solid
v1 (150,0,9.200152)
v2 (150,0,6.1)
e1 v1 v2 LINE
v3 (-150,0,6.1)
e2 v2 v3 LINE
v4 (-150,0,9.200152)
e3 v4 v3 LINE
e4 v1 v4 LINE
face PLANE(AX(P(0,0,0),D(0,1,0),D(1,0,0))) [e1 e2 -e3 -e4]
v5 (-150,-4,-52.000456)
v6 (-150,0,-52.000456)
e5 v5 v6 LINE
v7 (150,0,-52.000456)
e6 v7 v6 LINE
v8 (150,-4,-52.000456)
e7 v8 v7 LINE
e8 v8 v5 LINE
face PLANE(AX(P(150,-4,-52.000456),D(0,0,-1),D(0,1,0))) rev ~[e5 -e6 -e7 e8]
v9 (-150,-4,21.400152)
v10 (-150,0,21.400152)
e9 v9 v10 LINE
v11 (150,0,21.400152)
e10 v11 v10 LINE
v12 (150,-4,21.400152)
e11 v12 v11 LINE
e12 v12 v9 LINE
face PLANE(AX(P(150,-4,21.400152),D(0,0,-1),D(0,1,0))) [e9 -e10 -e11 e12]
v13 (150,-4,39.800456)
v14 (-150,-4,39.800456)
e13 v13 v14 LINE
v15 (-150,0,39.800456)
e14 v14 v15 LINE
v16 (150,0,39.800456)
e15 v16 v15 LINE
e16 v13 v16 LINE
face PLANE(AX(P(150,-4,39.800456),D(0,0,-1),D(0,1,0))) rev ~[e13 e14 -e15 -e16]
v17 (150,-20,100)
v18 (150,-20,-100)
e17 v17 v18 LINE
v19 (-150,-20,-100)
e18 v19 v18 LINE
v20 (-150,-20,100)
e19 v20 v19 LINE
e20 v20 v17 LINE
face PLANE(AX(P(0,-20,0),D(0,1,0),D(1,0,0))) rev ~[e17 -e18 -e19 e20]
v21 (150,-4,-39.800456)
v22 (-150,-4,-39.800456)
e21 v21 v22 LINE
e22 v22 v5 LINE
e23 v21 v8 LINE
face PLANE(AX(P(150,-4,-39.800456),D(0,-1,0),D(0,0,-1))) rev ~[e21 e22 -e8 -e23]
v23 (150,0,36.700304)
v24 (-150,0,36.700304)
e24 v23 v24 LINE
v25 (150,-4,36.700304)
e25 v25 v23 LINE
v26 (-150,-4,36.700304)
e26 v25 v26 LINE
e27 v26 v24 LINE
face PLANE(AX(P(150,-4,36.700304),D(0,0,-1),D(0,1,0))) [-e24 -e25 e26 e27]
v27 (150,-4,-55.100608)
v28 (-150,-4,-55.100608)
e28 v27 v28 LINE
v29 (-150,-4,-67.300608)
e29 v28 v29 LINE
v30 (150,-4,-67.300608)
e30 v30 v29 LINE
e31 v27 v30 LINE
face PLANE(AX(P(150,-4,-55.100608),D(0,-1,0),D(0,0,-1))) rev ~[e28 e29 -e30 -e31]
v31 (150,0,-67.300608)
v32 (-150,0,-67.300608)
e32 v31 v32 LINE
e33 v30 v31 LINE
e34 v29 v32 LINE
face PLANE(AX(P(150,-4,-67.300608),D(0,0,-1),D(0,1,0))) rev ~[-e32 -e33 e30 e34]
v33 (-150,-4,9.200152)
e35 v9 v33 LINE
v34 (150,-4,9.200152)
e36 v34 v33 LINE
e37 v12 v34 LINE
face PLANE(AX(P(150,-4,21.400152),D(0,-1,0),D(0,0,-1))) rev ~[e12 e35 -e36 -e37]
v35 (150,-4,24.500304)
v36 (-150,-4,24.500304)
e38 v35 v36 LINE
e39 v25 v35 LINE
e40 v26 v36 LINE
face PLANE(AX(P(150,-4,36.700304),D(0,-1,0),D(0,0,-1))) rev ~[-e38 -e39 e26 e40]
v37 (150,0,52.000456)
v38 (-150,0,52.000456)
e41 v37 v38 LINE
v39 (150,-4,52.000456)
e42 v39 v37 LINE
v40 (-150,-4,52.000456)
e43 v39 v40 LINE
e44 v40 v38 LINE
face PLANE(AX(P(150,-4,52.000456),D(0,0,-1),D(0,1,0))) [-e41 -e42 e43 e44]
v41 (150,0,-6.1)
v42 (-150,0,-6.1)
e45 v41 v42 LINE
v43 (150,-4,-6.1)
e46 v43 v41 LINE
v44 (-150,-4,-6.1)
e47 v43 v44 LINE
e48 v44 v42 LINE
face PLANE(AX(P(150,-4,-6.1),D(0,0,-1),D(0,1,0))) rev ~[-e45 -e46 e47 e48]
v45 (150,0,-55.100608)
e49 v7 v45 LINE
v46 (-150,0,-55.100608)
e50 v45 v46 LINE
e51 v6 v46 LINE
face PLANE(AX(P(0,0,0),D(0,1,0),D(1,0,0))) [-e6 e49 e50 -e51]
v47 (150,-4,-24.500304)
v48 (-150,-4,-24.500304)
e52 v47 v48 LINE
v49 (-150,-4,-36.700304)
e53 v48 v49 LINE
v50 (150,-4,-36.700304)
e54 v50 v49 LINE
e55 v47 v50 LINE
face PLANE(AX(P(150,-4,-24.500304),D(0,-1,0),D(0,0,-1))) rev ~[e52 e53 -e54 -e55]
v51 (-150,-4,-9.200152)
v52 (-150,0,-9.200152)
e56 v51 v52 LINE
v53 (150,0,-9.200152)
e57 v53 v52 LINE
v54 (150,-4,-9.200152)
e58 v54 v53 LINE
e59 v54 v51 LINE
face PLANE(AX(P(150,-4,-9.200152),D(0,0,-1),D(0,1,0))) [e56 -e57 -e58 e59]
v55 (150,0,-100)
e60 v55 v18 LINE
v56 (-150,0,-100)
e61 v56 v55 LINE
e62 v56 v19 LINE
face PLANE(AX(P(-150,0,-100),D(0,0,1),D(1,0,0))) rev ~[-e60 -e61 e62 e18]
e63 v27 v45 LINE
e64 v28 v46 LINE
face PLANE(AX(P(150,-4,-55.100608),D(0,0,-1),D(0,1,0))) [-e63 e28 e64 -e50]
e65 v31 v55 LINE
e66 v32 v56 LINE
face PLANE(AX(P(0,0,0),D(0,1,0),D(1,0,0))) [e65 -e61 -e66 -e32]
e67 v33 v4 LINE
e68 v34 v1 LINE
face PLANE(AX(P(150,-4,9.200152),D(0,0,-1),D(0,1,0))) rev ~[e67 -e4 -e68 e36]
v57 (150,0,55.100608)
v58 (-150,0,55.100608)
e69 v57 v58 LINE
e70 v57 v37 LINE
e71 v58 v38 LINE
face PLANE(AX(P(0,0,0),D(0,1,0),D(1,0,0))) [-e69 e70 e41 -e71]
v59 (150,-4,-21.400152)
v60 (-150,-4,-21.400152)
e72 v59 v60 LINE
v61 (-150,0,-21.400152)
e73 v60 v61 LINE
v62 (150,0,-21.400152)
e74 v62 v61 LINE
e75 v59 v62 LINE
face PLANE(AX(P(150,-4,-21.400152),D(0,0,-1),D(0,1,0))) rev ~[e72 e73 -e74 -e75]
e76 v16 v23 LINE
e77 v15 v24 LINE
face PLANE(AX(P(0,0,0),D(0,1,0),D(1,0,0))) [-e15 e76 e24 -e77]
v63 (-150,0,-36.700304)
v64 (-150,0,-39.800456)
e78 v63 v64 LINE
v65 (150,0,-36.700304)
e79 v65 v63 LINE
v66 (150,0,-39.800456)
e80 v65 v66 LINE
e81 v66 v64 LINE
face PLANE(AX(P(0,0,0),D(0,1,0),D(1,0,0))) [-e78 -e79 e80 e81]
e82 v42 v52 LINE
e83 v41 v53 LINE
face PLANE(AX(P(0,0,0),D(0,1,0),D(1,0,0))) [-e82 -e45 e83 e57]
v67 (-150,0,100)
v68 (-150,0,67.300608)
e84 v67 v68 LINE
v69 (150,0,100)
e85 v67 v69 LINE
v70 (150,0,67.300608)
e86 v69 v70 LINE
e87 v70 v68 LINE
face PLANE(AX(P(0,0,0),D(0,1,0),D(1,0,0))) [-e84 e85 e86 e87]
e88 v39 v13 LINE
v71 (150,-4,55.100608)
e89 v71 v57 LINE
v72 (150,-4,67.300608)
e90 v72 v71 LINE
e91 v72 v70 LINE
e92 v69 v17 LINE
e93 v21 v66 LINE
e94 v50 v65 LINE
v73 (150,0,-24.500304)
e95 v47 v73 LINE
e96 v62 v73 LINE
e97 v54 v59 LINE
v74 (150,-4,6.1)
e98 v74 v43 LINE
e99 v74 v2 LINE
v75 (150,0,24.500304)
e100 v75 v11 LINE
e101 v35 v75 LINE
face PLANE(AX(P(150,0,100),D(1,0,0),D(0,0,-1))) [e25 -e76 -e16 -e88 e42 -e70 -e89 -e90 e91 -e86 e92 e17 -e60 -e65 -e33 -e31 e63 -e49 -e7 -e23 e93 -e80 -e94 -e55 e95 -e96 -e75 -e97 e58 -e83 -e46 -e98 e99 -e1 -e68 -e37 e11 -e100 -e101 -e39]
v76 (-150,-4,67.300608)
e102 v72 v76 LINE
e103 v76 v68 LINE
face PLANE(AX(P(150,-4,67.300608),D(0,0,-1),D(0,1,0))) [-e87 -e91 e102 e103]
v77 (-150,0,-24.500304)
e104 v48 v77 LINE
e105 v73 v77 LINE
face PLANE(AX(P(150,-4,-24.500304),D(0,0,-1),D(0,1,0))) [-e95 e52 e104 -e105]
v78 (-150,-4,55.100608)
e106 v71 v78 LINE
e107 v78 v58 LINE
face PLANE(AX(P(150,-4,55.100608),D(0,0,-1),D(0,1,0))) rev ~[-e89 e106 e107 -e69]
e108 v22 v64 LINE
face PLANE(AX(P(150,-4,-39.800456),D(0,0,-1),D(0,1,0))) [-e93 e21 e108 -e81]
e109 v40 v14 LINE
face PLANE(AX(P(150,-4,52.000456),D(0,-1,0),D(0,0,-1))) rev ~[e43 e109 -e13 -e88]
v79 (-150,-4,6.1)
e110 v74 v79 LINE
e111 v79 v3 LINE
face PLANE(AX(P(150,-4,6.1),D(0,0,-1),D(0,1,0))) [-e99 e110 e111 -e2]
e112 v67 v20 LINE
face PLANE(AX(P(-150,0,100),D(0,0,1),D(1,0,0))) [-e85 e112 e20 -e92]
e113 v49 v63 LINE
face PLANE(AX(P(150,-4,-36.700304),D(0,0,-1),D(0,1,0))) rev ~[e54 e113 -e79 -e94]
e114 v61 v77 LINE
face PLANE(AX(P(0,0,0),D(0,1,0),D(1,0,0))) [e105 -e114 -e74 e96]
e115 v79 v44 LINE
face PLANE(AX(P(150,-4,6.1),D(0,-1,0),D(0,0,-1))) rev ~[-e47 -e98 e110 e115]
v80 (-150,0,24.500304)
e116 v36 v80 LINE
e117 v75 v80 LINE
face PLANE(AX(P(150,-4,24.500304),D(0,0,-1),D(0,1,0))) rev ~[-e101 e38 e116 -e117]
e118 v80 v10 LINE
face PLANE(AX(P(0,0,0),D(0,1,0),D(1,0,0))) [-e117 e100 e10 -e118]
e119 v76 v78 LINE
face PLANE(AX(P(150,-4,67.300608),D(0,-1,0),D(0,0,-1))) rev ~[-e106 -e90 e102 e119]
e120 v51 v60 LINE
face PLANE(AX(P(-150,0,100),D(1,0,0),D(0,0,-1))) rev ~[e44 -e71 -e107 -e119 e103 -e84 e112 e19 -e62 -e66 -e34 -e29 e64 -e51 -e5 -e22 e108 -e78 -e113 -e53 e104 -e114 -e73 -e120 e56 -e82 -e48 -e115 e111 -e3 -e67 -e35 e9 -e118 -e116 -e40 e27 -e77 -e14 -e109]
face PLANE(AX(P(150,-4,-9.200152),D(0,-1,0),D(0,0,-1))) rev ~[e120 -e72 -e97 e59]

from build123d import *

# Parameters (mm, degrees)
SKETCH1_W           = 300
SKETCH1_H           = 200
BOSS_EXTRUDE1_DEPTH = 20
SKETCH2_W           = 12.2
SKETCH2_H           = 4
CUT_EXTRUDE1_DEPTH  = 317.859590355
LPATTERN1_COUNT     = 9
LPATTERN1_PITCH     = 15.300152


with BuildPart() as part:
    # Sketch1 → Boss-Extrude1 (new body)
    with BuildSketch(Plane(origin=(0, 0, 0), x_dir=(1, 0, 0), z_dir=(0, 1, 0))):
        Rectangle(SKETCH1_W, SKETCH1_H)
    extrude(amount=-BOSS_EXTRUDE1_DEPTH)

    # Sketch2 → Cut-Extrude1 (cut, through all)
    with BuildSketch(Plane(origin=(150, 0, 0), x_dir=(0, 0, -1), z_dir=(1, 0, 0))):
        with Locations((-61.200608, -2)):
            Rectangle(SKETCH2_W, SKETCH2_H)
    cut_extrude1 = extrude(amount=-CUT_EXTRUDE1_DEPTH, mode=Mode.SUBTRACT)

    # LPattern1: Cut-Extrude1 ×9
    with Locations(*[(0, 0, -i * LPATTERN1_PITCH) for i in range(1, LPATTERN1_COUNT)]):
        add(cut_extrude1, mode=Mode.SUBTRACT)


solid = part.part
